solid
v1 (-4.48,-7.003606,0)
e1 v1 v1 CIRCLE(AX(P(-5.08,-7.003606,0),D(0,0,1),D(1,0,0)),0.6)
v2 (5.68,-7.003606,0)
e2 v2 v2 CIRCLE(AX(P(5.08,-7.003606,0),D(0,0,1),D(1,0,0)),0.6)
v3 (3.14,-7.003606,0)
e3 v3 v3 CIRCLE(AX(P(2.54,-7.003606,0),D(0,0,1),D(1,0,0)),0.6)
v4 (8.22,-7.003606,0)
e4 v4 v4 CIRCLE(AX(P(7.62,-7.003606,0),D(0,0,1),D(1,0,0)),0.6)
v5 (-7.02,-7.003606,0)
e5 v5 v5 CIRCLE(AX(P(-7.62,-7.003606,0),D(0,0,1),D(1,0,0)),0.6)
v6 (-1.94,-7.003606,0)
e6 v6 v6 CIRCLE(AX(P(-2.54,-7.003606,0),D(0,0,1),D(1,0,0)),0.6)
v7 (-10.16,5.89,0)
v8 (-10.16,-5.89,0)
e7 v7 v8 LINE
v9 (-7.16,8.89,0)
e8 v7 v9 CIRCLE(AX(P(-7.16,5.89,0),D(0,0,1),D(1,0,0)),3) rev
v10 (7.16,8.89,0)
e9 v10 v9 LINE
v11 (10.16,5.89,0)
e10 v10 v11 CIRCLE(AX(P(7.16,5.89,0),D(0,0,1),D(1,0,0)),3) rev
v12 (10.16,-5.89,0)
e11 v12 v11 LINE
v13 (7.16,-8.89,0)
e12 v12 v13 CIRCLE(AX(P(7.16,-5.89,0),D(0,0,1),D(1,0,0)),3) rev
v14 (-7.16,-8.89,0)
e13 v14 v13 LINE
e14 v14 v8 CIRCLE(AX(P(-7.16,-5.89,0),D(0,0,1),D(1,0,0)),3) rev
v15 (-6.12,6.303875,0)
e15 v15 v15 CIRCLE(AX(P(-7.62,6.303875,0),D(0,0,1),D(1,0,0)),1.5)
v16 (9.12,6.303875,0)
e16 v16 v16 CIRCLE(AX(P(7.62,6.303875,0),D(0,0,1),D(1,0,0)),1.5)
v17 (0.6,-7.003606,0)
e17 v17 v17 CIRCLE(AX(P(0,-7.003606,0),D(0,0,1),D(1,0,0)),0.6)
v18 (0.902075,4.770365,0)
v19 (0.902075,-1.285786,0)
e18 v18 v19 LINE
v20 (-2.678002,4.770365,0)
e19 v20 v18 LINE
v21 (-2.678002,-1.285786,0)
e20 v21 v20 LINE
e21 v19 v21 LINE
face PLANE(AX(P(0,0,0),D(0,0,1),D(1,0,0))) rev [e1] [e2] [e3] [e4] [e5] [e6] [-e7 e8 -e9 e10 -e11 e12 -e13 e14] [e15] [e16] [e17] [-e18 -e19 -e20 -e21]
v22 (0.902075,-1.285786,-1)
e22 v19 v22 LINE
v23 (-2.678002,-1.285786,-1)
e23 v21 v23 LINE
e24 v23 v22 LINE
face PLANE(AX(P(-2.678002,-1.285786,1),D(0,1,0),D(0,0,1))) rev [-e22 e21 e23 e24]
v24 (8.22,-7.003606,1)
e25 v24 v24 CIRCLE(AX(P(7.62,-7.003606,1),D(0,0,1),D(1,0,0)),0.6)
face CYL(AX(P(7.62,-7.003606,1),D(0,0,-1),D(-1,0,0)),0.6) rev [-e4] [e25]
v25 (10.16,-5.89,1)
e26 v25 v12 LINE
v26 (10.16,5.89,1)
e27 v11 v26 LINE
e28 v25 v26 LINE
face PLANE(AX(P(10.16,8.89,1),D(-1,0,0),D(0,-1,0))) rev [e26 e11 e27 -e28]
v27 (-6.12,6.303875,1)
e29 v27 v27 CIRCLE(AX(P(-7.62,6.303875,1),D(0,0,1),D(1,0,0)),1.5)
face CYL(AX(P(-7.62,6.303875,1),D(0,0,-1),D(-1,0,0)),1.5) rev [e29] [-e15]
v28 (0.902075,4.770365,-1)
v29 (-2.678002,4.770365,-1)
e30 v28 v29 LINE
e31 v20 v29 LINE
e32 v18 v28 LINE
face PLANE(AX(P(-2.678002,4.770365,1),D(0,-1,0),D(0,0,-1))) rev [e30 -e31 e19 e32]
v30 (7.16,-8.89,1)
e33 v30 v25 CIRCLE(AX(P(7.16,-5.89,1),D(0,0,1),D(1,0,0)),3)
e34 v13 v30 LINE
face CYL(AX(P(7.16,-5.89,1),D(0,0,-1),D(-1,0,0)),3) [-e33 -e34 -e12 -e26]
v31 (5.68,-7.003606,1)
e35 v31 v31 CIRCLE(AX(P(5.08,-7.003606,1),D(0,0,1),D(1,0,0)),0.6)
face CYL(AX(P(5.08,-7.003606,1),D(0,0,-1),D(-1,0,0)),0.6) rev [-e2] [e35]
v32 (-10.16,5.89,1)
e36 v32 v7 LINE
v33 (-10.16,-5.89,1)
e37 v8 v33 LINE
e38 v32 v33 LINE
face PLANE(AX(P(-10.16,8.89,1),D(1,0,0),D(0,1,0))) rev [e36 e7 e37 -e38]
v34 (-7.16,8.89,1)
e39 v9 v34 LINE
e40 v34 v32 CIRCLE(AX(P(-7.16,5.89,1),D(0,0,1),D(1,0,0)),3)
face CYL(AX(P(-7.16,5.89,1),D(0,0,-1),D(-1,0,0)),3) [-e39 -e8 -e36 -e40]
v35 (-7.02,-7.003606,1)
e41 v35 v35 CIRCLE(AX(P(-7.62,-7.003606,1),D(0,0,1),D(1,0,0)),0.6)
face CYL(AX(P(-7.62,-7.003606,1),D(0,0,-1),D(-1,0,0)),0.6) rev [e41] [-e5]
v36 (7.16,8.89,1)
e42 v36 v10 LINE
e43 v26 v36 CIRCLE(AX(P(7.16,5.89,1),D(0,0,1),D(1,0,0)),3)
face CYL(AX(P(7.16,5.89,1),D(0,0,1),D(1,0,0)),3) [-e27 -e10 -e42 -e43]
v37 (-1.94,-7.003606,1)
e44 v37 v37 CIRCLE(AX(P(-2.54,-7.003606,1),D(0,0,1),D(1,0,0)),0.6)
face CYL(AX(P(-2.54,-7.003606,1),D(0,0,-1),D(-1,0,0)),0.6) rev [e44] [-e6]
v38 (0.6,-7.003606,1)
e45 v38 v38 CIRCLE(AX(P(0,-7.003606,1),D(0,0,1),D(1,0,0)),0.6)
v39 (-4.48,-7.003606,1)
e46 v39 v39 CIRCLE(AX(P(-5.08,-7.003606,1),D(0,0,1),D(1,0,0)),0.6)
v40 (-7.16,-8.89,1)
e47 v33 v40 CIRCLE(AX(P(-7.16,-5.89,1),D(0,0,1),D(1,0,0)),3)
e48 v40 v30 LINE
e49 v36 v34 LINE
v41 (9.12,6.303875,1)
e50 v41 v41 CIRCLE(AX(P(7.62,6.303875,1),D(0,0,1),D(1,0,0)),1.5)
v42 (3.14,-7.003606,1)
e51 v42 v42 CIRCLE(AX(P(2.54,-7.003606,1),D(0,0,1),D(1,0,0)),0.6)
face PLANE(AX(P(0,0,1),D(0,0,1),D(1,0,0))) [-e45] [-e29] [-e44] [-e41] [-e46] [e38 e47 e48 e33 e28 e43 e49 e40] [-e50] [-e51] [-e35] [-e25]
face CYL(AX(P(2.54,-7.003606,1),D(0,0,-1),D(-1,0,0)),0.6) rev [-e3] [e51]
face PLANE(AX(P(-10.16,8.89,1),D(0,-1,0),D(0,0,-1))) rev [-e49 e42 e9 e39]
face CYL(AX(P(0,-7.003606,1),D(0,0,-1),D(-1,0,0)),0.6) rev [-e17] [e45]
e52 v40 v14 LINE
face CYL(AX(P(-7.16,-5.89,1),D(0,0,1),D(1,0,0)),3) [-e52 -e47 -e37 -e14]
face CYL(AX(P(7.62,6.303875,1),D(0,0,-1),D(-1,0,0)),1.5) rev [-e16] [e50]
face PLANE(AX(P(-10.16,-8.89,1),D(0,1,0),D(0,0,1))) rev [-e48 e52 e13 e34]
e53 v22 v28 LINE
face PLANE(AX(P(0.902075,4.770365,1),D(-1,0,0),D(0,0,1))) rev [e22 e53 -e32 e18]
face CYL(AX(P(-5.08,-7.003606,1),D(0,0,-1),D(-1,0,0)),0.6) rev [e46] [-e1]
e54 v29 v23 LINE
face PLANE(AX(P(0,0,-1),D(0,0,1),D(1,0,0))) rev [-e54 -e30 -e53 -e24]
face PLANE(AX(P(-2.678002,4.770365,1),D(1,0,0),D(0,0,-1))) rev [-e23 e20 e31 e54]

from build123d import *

# Parameters (mm, degrees)
SKETCH_1_W           = 20.32
SKETCH_1_H           = 17.78
SKETCH_1_R           = 1.5
SKETCH_1_R_2         = 0.6
EXTRUDE_1_DEPTH      = 1
FILLET_2_R           = 3
FILLET_3_R           = 3
FILLET_4_R           = 3
FILLET_5_R           = 3
EXTRUDE_2_DEPTH      = 1
EXTRUDE_2_DEPTH_BACK = 1
SKETCH_2_W           = 3.580076994
SKETCH_2_H           = 6.056150923


with BuildPart() as part:
    # 草图1 → 凸台-拉伸1 (new body)
    with BuildSketch(Plane.XY):
        Rectangle(SKETCH_1_W, SKETCH_1_H)
        with Locations((-7.62, 6.303875277)):
            Circle(SKETCH_1_R, mode=Mode.SUBTRACT)
        with Locations((7.62, 6.303875277)):
            Circle(SKETCH_1_R, mode=Mode.SUBTRACT)
        with Locations((-7.62, -7.003605695)):
            Circle(SKETCH_1_R_2, mode=Mode.SUBTRACT)
        with Locations((-5.08, -7.003605695)):
            Circle(SKETCH_1_R_2, mode=Mode.SUBTRACT)
        with Locations((-2.54, -7.003605695)):
            Circle(SKETCH_1_R_2, mode=Mode.SUBTRACT)
        with Locations((0, -7.003605695)):
            Circle(SKETCH_1_R_2, mode=Mode.SUBTRACT)
        with Locations((2.54, -7.003605695)):
            Circle(SKETCH_1_R_2, mode=Mode.SUBTRACT)
        with Locations((5.08, -7.003605695)):
            Circle(SKETCH_1_R_2, mode=Mode.SUBTRACT)
        with Locations((7.62, -7.003605695)):
            Circle(SKETCH_1_R_2, mode=Mode.SUBTRACT)
    extrude(amount=EXTRUDE_1_DEPTH)

    # 圆角2
    fillet_2_edges = [part.edges().sort_by_distance(p)[0] for p in [
        (10.16, 8.89, 0.5),
    ]]
    fillet(fillet_2_edges, radius=FILLET_2_R)

    # 圆角3
    fillet_3_edges = [part.edges().sort_by_distance(p)[0] for p in [
        (-10.16, 8.89, 0.5),
    ]]
    fillet(fillet_3_edges, radius=FILLET_3_R)

    # 圆角4
    fillet_4_edges = [part.edges().sort_by_distance(p)[0] for p in [
        (-10.16, -8.89, 0.5),
    ]]
    fillet(fillet_4_edges, radius=FILLET_4_R)

    # 圆角5
    fillet_5_edges = [part.edges().sort_by_distance(p)[0] for p in [
        (10.16, -8.89, 0.5),
    ]]
    fillet(fillet_5_edges, radius=FILLET_5_R)

    # 草图2 → 凸台-拉伸2 (add, two sides: drawn at the far end of the back side and taken through both)
    with BuildSketch(Plane.XY.offset(-EXTRUDE_2_DEPTH_BACK)):
        with Locations((-0.887963615, 1.742289852)):
            Rectangle(SKETCH_2_W, SKETCH_2_H)
    extrude(amount=EXTRUDE_2_DEPTH + EXTRUDE_2_DEPTH_BACK)


solid = part.part
